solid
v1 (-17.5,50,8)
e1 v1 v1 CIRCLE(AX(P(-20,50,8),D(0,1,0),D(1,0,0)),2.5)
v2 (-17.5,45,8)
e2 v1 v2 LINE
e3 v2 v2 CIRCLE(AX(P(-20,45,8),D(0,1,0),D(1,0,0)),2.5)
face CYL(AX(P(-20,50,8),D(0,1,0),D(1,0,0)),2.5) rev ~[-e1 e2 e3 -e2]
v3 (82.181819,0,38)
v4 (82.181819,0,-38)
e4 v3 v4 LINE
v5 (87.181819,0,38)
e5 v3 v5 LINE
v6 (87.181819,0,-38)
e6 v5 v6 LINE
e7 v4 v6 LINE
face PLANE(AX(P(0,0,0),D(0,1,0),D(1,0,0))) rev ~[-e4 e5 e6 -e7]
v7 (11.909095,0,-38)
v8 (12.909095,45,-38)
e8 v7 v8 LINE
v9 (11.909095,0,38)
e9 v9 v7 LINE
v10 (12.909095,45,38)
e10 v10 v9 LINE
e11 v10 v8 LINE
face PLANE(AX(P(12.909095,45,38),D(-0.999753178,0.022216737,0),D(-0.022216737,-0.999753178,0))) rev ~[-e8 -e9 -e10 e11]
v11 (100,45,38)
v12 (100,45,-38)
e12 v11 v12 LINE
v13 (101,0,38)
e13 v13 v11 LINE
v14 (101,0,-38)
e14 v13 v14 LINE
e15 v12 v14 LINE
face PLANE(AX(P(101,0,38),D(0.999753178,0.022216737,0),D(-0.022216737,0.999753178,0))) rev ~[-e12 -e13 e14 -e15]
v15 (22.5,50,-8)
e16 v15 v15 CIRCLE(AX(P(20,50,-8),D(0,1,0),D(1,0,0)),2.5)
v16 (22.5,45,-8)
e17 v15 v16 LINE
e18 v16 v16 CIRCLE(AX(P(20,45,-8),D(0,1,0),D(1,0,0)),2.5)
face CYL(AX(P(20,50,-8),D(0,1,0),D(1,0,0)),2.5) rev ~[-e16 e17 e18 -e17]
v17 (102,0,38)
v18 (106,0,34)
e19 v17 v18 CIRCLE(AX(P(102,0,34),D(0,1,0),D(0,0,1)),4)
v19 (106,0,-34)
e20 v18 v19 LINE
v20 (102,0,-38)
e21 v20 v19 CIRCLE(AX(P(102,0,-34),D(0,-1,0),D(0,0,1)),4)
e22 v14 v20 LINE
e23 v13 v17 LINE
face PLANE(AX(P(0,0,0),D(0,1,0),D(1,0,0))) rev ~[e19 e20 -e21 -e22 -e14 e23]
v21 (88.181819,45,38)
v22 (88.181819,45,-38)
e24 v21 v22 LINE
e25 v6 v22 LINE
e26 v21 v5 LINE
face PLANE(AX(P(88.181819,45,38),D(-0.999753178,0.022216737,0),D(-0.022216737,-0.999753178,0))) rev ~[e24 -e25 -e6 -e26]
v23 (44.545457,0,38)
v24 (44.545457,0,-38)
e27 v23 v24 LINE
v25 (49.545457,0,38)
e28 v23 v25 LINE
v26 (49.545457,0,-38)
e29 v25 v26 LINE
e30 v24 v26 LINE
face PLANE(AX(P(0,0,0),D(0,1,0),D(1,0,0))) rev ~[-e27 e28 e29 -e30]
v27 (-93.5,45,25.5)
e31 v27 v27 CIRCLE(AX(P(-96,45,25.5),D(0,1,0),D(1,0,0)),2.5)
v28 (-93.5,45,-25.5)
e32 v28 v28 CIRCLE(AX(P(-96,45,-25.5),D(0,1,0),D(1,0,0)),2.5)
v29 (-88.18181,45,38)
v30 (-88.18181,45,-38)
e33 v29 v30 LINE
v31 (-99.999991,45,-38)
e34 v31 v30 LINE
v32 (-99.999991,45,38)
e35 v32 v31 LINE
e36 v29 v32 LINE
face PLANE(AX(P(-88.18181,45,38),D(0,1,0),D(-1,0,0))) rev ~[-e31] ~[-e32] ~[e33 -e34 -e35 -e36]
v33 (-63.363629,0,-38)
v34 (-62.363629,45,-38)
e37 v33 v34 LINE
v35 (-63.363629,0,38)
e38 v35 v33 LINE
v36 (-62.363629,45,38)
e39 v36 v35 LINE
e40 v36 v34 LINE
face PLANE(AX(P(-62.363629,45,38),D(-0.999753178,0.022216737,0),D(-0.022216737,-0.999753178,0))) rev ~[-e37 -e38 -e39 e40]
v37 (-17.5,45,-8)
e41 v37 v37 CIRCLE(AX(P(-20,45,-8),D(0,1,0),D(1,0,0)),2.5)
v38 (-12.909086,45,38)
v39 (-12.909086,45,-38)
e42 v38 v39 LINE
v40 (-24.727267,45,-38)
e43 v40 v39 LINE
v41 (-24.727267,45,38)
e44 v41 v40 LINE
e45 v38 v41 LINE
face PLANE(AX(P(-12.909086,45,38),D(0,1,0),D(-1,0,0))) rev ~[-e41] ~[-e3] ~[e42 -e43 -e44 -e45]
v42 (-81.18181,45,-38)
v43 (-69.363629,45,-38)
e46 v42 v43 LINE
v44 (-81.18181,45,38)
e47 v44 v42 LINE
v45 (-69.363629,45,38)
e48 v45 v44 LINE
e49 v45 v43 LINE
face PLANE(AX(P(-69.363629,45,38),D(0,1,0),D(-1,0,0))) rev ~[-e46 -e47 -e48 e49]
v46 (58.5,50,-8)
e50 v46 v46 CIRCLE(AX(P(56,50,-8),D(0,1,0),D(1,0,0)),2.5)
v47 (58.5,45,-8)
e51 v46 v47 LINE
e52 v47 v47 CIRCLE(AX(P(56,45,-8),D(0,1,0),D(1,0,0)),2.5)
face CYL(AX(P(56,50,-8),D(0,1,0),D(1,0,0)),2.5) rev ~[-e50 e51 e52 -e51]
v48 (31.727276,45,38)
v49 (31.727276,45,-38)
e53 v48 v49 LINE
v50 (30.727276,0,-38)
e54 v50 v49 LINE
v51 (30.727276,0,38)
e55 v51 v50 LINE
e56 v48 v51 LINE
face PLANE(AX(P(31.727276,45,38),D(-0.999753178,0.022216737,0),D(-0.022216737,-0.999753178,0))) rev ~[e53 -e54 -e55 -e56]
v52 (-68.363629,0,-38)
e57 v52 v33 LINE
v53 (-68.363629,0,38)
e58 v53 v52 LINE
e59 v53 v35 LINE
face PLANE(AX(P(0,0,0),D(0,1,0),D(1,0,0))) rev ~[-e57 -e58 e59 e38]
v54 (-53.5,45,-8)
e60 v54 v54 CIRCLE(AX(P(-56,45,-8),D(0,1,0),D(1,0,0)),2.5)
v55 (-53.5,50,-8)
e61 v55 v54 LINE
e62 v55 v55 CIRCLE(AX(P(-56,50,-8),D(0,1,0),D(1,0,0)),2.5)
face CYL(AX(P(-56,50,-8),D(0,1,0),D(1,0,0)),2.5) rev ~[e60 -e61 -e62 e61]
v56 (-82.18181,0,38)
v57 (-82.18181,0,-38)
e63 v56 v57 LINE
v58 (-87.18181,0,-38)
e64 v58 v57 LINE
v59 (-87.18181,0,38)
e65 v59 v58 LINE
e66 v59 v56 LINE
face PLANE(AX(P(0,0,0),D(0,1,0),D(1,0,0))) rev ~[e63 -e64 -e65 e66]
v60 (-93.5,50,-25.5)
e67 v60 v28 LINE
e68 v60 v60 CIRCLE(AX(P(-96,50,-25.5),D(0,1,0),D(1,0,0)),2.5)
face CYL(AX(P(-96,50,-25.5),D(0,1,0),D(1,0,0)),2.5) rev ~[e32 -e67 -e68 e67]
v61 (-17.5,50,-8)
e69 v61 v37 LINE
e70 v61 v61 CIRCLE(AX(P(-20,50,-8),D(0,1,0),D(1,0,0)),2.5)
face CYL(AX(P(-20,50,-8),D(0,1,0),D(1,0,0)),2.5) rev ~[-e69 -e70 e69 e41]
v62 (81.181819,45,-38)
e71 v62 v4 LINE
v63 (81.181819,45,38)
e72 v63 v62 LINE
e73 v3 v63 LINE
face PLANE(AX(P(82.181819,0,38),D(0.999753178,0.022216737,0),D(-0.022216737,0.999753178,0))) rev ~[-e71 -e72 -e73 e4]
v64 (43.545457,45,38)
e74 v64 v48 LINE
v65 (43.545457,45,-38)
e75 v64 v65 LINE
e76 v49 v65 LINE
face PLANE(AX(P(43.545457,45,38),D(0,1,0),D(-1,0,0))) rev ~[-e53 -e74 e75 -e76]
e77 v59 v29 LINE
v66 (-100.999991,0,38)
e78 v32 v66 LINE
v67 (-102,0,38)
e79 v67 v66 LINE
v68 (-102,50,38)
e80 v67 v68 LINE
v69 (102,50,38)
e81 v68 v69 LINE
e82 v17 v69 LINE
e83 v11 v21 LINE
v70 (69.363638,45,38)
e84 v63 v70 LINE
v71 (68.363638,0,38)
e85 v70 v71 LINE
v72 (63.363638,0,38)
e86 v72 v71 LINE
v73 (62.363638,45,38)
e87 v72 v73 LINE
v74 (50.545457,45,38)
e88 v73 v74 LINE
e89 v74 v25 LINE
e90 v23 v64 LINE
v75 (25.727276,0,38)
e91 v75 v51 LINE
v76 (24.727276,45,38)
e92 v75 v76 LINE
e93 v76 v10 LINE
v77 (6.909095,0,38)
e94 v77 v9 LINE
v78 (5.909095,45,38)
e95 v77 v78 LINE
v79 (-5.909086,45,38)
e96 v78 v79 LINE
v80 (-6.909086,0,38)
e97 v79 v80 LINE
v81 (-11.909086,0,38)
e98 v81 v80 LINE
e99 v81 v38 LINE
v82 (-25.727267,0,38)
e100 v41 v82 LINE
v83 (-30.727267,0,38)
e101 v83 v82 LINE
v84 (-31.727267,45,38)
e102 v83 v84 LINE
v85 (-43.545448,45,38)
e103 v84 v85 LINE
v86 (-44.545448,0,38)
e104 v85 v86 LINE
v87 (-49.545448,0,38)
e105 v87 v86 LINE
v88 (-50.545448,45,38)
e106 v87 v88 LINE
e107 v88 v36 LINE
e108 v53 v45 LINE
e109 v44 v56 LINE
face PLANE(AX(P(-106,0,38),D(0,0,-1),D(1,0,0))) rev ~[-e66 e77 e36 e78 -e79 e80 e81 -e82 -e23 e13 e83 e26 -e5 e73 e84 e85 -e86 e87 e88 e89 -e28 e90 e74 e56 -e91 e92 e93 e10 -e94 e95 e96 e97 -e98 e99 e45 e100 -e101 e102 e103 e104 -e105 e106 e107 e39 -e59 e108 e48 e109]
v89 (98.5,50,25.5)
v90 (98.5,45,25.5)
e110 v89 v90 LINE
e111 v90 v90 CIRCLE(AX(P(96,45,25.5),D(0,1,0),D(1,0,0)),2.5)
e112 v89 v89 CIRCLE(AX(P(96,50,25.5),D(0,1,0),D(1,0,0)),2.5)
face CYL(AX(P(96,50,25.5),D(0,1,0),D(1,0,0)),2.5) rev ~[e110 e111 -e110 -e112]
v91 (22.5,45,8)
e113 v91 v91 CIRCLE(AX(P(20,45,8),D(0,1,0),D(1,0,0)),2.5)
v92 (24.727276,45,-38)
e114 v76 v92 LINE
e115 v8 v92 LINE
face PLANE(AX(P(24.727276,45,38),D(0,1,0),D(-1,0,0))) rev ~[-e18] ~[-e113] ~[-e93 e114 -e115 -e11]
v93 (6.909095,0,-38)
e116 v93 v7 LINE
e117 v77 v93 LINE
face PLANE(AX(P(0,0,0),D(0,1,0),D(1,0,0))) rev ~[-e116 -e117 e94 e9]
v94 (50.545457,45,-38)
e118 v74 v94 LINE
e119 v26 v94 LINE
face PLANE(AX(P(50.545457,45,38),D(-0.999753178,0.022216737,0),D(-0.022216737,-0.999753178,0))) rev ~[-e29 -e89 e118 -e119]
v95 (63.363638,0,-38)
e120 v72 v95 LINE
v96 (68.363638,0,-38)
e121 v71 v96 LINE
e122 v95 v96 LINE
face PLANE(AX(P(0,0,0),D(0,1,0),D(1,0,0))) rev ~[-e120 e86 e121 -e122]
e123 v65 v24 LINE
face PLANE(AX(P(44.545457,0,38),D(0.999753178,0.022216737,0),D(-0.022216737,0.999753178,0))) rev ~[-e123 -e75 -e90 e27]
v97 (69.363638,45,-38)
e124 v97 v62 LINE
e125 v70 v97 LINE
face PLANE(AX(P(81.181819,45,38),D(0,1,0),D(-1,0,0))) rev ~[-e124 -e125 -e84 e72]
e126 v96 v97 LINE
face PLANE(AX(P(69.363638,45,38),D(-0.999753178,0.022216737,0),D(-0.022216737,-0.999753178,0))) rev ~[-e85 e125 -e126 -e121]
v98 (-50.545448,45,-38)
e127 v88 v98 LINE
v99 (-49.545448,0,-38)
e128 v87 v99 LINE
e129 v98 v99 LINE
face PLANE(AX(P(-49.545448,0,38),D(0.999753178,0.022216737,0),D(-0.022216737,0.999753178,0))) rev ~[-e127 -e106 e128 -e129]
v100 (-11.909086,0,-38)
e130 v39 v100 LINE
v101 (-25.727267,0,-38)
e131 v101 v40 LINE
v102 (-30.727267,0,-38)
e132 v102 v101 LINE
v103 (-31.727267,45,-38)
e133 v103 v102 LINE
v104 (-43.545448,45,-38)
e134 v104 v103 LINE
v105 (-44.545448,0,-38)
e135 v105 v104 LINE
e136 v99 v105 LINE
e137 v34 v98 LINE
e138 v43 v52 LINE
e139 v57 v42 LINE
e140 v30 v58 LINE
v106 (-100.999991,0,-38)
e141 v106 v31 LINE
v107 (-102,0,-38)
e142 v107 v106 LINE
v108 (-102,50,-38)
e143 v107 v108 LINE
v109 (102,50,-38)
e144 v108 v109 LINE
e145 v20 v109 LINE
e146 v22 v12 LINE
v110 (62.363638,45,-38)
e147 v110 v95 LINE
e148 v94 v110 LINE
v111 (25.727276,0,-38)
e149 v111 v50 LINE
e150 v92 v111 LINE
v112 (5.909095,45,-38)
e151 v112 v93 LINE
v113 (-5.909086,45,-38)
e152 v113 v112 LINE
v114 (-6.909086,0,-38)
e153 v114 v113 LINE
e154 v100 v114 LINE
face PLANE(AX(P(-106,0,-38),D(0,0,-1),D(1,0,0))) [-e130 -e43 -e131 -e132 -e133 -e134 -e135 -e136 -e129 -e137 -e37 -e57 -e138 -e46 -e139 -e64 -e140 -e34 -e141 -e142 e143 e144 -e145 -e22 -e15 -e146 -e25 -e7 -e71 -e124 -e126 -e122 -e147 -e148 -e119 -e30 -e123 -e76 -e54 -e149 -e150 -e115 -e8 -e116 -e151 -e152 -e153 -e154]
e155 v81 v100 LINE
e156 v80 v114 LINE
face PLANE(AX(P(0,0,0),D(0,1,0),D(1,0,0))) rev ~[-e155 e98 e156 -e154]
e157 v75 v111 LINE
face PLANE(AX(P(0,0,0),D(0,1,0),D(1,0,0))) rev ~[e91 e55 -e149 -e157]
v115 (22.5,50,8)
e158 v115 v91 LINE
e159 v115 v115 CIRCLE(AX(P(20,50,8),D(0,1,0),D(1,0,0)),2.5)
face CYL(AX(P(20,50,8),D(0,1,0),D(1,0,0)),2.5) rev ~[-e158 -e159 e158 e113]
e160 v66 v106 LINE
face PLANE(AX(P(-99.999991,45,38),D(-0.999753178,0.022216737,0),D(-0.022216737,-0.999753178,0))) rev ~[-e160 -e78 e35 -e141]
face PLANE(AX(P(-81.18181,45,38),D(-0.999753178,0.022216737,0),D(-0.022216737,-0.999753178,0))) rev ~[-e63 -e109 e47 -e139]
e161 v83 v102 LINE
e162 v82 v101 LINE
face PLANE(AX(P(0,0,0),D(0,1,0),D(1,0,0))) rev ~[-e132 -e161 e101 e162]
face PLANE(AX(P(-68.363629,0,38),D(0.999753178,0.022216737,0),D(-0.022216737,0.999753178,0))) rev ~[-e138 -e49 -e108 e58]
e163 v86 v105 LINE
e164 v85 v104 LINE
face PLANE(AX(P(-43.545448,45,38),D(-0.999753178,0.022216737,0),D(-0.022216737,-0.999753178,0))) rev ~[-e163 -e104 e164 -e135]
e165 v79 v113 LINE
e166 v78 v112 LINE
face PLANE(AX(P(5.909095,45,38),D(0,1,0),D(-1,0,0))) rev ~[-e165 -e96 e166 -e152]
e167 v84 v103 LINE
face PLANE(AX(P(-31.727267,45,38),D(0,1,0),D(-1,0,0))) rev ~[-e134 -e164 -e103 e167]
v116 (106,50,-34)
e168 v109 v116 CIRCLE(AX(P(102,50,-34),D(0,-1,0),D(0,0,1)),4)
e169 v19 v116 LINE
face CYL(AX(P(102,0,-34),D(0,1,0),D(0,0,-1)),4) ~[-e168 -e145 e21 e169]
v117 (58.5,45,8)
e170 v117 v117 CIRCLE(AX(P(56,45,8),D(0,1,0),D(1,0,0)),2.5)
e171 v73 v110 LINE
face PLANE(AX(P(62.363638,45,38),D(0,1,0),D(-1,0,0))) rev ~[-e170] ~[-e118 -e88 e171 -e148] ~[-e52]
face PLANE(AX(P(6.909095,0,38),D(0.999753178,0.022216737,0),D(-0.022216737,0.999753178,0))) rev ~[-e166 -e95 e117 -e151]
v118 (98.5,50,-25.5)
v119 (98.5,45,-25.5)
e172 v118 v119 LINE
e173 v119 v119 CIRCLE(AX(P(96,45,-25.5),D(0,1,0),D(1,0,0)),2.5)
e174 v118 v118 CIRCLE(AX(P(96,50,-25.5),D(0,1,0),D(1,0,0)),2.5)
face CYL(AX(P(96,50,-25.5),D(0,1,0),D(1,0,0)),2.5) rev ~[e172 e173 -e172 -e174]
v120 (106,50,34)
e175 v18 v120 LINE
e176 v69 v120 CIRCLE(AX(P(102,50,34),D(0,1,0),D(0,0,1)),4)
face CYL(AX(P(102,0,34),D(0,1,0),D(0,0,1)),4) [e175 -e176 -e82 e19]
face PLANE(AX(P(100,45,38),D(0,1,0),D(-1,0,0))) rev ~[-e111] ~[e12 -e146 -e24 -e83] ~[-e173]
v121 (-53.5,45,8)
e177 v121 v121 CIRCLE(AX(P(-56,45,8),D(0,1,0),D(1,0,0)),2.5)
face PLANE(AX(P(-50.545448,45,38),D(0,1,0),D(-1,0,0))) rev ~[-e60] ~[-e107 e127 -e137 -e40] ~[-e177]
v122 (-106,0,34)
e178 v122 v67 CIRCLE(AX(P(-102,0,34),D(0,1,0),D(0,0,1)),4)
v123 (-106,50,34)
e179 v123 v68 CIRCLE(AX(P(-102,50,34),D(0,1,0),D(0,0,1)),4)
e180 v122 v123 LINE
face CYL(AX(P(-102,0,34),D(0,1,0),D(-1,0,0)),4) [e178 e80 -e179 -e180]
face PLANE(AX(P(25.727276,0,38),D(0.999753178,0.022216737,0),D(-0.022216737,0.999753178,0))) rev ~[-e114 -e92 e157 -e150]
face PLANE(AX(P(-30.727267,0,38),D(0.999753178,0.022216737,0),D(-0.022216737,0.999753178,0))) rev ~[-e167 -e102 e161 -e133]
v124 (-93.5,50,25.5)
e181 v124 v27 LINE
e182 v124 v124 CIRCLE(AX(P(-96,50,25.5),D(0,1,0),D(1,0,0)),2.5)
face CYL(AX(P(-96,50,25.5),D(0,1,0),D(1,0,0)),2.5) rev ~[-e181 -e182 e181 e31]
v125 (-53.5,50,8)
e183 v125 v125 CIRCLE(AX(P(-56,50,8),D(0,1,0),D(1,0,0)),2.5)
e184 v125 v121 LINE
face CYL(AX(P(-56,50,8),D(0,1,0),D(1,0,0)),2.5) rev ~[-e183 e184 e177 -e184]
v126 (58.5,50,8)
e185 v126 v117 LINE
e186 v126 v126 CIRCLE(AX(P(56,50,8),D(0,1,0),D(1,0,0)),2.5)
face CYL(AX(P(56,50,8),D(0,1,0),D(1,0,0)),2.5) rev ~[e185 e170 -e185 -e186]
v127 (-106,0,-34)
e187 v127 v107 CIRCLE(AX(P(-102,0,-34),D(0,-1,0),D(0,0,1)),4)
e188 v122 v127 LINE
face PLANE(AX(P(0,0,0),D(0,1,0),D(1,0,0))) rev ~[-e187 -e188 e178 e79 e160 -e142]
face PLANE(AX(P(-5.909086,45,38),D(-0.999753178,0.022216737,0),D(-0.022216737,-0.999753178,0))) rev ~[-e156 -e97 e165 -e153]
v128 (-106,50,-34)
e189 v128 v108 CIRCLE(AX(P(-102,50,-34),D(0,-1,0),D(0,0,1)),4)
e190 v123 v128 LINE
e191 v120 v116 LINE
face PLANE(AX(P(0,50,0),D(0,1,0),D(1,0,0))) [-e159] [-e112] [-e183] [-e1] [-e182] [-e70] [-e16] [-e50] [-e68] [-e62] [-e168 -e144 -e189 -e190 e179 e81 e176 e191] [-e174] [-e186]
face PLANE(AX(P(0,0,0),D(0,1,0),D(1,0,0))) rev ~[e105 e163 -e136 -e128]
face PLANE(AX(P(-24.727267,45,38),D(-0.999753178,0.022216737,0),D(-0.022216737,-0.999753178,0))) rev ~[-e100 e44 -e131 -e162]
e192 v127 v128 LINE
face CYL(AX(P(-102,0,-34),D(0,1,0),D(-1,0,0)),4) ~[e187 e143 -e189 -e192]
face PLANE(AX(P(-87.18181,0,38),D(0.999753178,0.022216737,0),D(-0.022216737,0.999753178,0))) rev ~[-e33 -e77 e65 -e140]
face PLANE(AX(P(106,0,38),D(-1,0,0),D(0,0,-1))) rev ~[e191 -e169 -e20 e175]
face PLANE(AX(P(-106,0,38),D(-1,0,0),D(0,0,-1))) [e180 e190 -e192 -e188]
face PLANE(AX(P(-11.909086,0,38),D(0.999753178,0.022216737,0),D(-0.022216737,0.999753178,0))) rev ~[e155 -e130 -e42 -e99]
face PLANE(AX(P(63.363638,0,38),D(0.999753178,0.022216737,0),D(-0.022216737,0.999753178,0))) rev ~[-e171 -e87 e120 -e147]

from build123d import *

# Parameters (mm, degrees)
SKETCH1_W           = 212
SKETCH1_H           = 76
BOSS_EXTRUDE1_DEPTH = 50
CUT_EXTRUDE1_DEPTH  = 77
SKETCH4_R           = 2.5
CUT_EXTRUDE2_DEPTH  = 77
FILLET1_R           = 4


with BuildPart() as part:
    # Sketch1 → Boss-Extrude1 (new body)
    with BuildSketch(Plane(origin=(0, 0, 0), x_dir=(1, 0, 0), z_dir=(0, 1, 0))):
        Rectangle(SKETCH1_W, SKETCH1_H)
    extrude(amount=BOSS_EXTRUDE1_DEPTH)

    # Sketch2 → Cut-Extrude1 (cut)
    with BuildSketch(Plane.XY.offset(38)):
        Polygon((101, 0), (100, 45), (88.181819, 45), (87.181819, 0), align=None)
        Polygon((68.363638, 0), (82.181819, 0), (81.181819, 45), (69.363638, 45), align=None)
        Polygon((49.545457, 0), (63.363638, 0), (62.363638, 45), (50.545457, 45), align=None)
        Polygon((30.727276, 0), (44.545457, 0), (43.545457, 45), (31.727276, 45), align=None)
        Polygon((11.909095, 0), (25.727276, 0), (24.727276, 45), (12.909095, 45), align=None)
        Polygon((-6.909086, 0), (6.909095, 0), (5.909095, 45), (-5.909086, 45), align=None)
        Polygon((-25.727267, 0), (-11.909086, 0), (-12.909086, 45), (-24.727267, 45), align=None)
        Polygon((-44.545448, 0), (-30.727267, 0), (-31.727267, 45), (-43.545448, 45), align=None)
        Polygon((-63.363629, 0), (-49.545448, 0), (-50.545448, 45), (-62.363629, 45), align=None)
        Polygon((-82.18181, 0), (-68.363629, 0), (-69.363629, 45), (-81.18181, 45), align=None)
        Polygon((-100.999991, 0), (-87.18181, 0), (-88.18181, 45), (-99.999991, 45), align=None)
    extrude(amount=-CUT_EXTRUDE1_DEPTH, mode=Mode.SUBTRACT)

    # Sketch4 → Cut-Extrude2 (cut)
    with BuildSketch(Plane(origin=(0, 50, 0), x_dir=(1, 0, 0), z_dir=(0, 1, 0))):
        with Locations((-96, 25.5)):
            Circle(SKETCH4_R)
        with Locations((-96, -25.5)):
            Circle(SKETCH4_R)
        with Locations((96, 25.5)):
            Circle(SKETCH4_R)
        with Locations((96, -25.5)):
            Circle(SKETCH4_R)
        with Locations((-56, 8)):
            Circle(SKETCH4_R)
        with Locations((-20, 8)):
            Circle(SKETCH4_R)
        with Locations((-20, -8)):
            Circle(SKETCH4_R)
        with Locations((-56, -8)):
            Circle(SKETCH4_R)
        with Locations((56, -8)):
            Circle(SKETCH4_R)
        with Locations((20, -8)):
            Circle(SKETCH4_R)
        with Locations((20, 8)):
            Circle(SKETCH4_R)
        with Locations((56, 8)):
            Circle(SKETCH4_R)
    extrude(amount=-CUT_EXTRUDE2_DEPTH, mode=Mode.SUBTRACT)

    # Fillet1
    fillet1_edges = [part.edges().sort_by_distance(p)[0] for p in [
        (106, 25, 38),
        (-106, 25, 38),
        (-106, 25, -38),
        (106, 25, -38),
    ]]
    fillet(fillet1_edges, radius=FILLET1_R)


solid = part.part
